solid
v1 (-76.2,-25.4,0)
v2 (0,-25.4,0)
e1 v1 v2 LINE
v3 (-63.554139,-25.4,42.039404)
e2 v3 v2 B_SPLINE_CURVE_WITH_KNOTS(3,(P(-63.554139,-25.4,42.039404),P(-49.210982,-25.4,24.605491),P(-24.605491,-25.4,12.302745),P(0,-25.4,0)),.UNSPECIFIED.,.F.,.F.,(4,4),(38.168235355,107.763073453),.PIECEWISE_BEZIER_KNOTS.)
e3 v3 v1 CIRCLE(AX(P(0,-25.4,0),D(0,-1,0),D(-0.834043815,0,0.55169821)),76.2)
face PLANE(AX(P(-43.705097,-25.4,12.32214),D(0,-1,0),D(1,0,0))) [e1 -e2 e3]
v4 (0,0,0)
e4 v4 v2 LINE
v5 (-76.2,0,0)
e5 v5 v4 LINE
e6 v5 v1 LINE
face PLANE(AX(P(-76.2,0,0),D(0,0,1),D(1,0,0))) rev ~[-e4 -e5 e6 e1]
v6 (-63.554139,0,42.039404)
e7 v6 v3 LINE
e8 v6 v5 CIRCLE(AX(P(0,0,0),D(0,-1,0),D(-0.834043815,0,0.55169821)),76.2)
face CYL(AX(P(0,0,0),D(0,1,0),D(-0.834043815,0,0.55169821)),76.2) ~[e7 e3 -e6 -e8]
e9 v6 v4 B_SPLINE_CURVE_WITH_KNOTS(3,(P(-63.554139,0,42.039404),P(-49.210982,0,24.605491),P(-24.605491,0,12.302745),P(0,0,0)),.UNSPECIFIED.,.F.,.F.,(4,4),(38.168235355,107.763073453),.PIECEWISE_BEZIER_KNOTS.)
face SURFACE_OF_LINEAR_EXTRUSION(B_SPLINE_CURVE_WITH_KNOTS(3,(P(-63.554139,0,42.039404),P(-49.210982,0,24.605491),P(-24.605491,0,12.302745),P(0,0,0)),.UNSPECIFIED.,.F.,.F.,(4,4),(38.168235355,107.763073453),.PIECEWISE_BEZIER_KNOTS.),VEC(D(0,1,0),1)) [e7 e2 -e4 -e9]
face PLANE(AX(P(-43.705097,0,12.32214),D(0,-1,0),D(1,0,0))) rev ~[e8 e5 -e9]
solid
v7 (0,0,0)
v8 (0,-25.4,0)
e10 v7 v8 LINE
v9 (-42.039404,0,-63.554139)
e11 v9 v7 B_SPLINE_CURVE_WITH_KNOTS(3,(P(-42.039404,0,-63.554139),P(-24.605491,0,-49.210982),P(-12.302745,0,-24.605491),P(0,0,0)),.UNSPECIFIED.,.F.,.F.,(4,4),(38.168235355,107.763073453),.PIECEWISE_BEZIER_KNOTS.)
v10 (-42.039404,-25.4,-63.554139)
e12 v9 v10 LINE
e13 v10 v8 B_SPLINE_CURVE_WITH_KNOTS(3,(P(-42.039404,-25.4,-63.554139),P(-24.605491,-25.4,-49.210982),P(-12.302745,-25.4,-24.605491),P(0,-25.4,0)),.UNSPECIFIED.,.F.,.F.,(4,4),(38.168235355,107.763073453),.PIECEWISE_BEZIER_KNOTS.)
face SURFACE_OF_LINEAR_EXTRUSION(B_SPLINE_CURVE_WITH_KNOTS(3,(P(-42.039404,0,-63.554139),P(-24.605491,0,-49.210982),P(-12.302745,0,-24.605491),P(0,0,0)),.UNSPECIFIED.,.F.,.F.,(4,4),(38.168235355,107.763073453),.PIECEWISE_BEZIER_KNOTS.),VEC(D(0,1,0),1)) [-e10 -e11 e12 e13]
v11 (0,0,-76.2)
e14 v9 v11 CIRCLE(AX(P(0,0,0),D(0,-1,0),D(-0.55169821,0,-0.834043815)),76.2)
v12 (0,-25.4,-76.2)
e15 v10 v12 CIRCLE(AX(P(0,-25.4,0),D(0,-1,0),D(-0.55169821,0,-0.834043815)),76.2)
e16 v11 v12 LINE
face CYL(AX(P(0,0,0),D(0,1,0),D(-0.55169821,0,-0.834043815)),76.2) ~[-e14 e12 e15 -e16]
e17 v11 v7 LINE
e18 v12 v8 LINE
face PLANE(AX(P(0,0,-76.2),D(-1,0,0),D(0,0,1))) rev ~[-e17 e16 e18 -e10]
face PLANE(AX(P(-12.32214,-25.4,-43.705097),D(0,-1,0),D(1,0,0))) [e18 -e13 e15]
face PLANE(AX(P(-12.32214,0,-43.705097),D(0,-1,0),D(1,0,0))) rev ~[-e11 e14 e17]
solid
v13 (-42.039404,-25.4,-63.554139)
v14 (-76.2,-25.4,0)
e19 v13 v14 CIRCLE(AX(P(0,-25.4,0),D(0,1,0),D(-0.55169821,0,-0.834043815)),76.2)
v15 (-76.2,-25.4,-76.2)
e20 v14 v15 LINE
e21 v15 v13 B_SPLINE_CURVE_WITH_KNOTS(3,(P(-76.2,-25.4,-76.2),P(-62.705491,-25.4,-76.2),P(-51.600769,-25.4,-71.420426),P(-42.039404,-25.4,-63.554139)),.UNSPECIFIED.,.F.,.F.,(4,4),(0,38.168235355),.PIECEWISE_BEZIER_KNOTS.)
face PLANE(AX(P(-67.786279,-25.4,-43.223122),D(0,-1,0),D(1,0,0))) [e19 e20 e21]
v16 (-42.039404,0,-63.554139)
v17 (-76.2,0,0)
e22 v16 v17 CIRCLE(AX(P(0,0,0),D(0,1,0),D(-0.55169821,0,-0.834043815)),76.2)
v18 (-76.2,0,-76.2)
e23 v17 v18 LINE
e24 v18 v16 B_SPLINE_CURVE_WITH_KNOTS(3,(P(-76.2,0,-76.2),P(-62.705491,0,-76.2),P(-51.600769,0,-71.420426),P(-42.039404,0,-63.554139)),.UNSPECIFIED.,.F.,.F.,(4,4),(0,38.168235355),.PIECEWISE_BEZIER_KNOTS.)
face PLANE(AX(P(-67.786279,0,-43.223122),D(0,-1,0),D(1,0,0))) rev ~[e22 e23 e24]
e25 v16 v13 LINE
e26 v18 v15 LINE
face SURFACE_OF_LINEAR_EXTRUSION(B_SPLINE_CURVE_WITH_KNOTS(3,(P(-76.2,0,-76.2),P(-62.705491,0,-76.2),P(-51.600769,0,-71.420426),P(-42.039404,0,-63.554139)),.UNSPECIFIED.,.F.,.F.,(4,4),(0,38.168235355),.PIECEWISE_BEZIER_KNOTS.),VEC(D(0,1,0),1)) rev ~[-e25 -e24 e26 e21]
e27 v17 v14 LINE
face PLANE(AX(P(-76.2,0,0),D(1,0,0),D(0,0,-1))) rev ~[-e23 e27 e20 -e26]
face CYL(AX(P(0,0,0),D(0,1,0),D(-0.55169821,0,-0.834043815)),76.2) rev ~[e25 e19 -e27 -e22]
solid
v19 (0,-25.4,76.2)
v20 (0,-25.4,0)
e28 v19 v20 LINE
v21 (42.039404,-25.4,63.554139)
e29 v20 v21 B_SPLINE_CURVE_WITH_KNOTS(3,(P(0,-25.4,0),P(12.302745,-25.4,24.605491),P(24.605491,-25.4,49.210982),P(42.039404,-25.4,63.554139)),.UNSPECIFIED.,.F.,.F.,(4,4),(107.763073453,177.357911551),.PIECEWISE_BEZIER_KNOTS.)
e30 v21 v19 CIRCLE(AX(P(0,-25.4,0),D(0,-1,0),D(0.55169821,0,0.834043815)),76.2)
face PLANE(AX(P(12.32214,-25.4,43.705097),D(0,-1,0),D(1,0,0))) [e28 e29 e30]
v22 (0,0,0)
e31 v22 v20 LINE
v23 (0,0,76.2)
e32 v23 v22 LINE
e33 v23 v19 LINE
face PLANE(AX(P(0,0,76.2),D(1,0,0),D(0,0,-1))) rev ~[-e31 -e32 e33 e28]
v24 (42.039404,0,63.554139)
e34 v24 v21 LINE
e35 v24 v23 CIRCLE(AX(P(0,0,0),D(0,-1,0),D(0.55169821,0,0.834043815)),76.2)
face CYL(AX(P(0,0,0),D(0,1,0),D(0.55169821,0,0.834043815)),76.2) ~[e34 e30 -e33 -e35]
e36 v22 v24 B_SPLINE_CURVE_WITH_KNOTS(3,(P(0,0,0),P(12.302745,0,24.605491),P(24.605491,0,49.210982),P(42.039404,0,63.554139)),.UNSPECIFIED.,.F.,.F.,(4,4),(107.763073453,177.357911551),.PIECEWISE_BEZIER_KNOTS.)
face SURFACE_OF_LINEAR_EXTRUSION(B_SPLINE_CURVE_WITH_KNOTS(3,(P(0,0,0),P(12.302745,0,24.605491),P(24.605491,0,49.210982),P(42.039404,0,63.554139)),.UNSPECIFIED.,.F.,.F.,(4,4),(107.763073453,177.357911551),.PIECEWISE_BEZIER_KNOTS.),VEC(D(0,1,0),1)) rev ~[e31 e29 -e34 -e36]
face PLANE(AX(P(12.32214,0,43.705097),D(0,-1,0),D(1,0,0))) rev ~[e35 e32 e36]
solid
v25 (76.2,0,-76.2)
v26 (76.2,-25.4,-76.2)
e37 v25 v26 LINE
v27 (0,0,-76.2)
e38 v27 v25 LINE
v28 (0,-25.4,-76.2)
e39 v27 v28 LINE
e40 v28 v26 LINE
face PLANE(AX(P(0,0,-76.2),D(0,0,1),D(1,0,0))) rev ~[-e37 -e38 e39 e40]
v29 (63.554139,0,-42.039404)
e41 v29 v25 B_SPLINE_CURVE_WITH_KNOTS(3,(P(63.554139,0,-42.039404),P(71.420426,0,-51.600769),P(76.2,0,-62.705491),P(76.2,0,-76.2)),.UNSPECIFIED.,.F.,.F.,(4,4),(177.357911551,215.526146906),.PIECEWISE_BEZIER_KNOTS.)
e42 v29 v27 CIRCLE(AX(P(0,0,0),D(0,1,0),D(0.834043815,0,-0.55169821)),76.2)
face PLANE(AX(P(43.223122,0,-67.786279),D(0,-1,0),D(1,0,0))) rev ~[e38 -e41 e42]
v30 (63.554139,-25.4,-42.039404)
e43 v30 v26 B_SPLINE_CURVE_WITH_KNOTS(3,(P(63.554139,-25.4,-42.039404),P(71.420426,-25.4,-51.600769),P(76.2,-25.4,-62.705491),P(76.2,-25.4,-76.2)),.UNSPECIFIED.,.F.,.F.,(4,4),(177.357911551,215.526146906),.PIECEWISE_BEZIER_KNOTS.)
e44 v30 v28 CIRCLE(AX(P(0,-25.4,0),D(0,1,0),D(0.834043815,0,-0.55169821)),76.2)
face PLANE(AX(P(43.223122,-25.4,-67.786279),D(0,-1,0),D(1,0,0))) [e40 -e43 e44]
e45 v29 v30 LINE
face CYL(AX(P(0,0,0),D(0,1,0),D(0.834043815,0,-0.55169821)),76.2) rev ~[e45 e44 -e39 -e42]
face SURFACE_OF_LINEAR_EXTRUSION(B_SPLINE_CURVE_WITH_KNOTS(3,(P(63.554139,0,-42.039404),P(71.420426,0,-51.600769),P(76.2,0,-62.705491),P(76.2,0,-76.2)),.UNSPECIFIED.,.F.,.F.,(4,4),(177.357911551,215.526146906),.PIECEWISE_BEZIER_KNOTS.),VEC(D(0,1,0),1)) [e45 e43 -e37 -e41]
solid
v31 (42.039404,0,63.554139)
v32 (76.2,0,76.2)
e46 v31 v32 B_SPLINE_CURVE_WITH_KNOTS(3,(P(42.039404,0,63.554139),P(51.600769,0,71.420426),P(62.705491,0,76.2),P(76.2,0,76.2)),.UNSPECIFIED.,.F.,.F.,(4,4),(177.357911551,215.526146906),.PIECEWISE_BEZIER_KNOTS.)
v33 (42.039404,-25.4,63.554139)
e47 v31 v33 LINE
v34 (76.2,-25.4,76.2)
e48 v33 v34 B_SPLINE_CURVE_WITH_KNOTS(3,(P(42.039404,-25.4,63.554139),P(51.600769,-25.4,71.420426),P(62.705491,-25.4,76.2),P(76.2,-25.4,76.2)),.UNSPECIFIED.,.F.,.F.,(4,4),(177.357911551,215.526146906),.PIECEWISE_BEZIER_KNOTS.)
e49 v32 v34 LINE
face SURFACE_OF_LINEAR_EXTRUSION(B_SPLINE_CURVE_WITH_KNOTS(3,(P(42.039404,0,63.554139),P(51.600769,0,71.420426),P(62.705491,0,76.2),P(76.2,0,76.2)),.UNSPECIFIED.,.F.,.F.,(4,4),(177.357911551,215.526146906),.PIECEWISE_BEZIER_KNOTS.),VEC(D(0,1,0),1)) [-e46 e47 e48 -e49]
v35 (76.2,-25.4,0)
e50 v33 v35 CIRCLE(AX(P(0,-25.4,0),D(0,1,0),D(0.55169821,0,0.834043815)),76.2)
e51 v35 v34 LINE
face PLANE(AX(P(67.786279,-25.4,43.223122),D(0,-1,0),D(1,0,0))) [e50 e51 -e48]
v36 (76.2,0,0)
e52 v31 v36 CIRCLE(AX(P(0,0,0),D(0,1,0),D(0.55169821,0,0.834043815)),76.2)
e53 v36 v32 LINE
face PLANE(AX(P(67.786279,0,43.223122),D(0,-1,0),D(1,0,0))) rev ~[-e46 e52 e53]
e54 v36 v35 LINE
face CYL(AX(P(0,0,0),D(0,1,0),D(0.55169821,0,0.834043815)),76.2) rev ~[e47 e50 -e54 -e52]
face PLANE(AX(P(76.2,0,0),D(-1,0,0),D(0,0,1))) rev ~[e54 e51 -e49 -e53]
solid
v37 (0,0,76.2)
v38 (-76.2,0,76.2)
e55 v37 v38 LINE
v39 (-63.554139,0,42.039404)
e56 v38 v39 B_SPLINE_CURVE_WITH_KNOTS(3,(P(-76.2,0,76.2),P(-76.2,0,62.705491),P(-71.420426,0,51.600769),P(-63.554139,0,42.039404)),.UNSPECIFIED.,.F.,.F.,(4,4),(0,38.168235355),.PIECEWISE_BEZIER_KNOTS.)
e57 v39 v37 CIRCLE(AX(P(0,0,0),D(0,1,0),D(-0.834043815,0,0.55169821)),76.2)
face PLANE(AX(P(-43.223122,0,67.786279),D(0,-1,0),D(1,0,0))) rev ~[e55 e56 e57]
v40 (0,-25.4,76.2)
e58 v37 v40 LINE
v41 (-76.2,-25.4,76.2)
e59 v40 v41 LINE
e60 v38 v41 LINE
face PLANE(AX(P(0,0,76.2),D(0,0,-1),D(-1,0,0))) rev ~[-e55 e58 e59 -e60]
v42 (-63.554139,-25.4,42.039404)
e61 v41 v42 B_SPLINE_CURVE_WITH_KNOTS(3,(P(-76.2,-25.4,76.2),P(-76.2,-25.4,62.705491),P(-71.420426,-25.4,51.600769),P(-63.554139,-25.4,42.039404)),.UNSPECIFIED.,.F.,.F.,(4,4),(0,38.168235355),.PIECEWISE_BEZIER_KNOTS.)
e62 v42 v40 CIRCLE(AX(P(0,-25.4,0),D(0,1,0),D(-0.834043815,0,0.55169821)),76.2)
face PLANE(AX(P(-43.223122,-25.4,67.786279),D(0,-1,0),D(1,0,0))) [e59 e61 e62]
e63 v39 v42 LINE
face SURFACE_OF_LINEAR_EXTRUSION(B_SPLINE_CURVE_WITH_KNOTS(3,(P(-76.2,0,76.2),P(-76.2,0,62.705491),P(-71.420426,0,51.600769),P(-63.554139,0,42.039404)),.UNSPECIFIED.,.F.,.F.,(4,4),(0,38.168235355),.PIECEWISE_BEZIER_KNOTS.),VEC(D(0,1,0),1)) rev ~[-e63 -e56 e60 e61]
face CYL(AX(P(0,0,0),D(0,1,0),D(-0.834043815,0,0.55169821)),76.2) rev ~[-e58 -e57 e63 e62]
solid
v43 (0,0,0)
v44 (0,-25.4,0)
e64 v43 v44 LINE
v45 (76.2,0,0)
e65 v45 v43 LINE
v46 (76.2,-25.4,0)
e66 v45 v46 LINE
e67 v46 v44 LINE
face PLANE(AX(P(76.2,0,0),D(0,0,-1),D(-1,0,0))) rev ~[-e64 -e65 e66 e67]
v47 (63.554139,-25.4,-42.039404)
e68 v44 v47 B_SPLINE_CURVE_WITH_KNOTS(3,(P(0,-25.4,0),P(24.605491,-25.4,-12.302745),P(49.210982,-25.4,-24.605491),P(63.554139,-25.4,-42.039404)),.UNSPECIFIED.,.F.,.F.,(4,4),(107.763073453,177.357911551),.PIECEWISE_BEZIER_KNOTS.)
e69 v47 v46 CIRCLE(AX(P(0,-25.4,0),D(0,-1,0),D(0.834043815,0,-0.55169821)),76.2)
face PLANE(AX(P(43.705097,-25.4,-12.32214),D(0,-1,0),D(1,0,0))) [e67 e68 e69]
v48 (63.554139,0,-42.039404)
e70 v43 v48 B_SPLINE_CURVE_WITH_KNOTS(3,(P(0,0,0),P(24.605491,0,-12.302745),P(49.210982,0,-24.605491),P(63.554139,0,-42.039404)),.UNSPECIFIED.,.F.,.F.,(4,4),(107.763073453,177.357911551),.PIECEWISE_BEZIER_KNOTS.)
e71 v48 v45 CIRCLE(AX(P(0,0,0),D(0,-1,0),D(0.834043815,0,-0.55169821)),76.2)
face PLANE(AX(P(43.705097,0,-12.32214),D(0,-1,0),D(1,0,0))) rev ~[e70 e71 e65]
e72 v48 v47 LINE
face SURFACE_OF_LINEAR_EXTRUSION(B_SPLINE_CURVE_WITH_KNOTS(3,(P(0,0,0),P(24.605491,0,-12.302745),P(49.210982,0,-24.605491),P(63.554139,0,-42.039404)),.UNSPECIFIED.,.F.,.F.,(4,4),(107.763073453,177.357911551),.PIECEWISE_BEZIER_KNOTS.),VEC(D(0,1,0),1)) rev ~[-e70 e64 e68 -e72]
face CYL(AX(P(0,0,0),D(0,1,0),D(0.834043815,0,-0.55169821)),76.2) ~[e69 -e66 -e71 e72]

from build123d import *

# Parameters (mm, degrees)
F1_DEPTH = 25.4


with BuildPart() as f1:
    # F0 (on Front) → F1 (new body)
    with BuildSketch(Plane.XZ):
        with BuildLine():
            ThreePointArc((63.5541387067, -42.0394035787), (36.0765675148, -67.1187103299), (0, -76.2))
            Line((0, -76.2), (76.2, -76.2))
            add(Edge.make_bspline(
                [(63.5541387067, -42.0394035787), (71.4204258855, -51.6007690119), (76.2, -62.7054909773), (76.2, -76.2)],
                knots=[177.3579115508, 177.3579115508, 177.3579115508, 177.3579115508, 215.5261469057, 215.5261469057, 215.5261469057, 215.5261469057], degree=3))
        make_face()
    extrude(amount=F1_DEPTH)


with BuildPart() as f1b:
    # F0 (on Front) → F1, piece 2 (new body)
    with BuildSketch(Plane.XZ):
        with BuildLine():
            Line((0, 76.2), (-76.2, 76.2))
            add(Edge.make_bspline(
                [(-76.2, 76.2), (-76.2, 62.7054909773), (-71.4204258855, 51.6007690119), (-63.5541387067, 42.0394035787)],
                knots=[0, 0, 0, 0, 38.1682353548, 38.1682353548, 38.1682353548, 38.1682353548], degree=3))
            ThreePointArc((-63.5541387067, 42.0394035787), (-36.0765675148, 67.1187103299), (0, 76.2))
        make_face()
    extrude(amount=F1_DEPTH)


with BuildPart() as f1c:
    # F0 (on Front) → F1, piece 3 (new body)
    with BuildSketch(Plane.XZ):
        with BuildLine():
            Line((-76.2, 0), (-76.2, -76.2))
            add(Edge.make_bspline(
                [(-76.2, -76.2), (-62.7054909773, -76.2), (-51.6007690119, -71.4204258855), (-42.0394035787, -63.5541387067)],
                knots=[0, 0, 0, 0, 38.1682353548, 38.1682353548, 38.1682353548, 38.1682353548], degree=3))
            ThreePointArc((-42.0394035787, -63.5541387067), (-67.1187103299, -36.0765675148), (-76.2, 0))
        make_face()
    extrude(amount=F1_DEPTH)


with BuildPart() as f1d:
    # F0 (on Front) → F1, piece 4 (new body)
    with BuildSketch(Plane.XZ):
        with BuildLine():
            ThreePointArc((42.0394035787, 63.5541387067), (67.1187103299, 36.0765675148), (76.2, 0))
            Line((76.2, 0), (76.2, 76.2))
            add(Edge.make_bspline(
                [(42.0394035787, 63.5541387067), (51.6007690119, 71.4204258855), (62.7054909773, 76.2), (76.2, 76.2)],
                knots=[177.3579115508, 177.3579115508, 177.3579115508, 177.3579115508, 215.5261469057, 215.5261469057, 215.5261469057, 215.5261469057], degree=3))
        make_face()
    extrude(amount=F1_DEPTH)


with BuildPart() as f1e:
    # F0 (on Front) → F1, piece 5 (new body)
    with BuildSketch(Plane.XZ):
        with BuildLine():
            ThreePointArc((-42.0394035787, -63.5541387067), (-21.9501096871, -72.9700807504), (0, -76.2))
            Line((0, -76.2), (0, 0))
            add(Edge.make_bspline(
                [(-42.0394035787, -63.5541387067), (-24.6054909773, -49.2109819547), (-12.3027454887, -24.6054909773), (0, 0)],
                knots=[38.1682353548, 38.1682353548, 38.1682353548, 38.1682353548, 107.7630734528, 107.7630734528, 107.7630734528, 107.7630734528], degree=3))
        make_face()
    extrude(amount=F1_DEPTH)


with BuildPart() as f1f:
    # F0 (on Front) → F1, piece 6 (new body)
    with BuildSketch(Plane.XZ):
        with BuildLine():
            Line((0, 76.2), (0, 0))
            add(Edge.make_bspline(
                [(0, 0), (12.3027454887, 24.6054909773), (24.6054909773, 49.2109819547), (42.0394035787, 63.5541387067)],
                knots=[107.7630734528, 107.7630734528, 107.7630734528, 107.7630734528, 177.3579115508, 177.3579115508, 177.3579115508, 177.3579115508], degree=3))
            ThreePointArc((42.0394035787, 63.5541387067), (21.9501096871, 72.9700807504), (0, 76.2))
        make_face()
    extrude(amount=F1_DEPTH)


with BuildPart() as f1g:
    # F0 (on Front) → F1, piece 7 (new body)
    with BuildSketch(Plane.XZ):
        with BuildLine():
            ThreePointArc((-63.5541387067, 42.0394035787), (-72.9700807504, 21.9501096871), (-76.2, 0))
            Line((-76.2, 0), (0, 0))
            add(Edge.make_bspline(
                [(-63.5541387067, 42.0394035787), (-49.2109819547, 24.6054909773), (-24.6054909773, 12.3027454887), (0, 0)],
                knots=[38.1682353548, 38.1682353548, 38.1682353548, 38.1682353548, 107.7630734528, 107.7630734528, 107.7630734528, 107.7630734528], degree=3))
        make_face()
    extrude(amount=F1_DEPTH)


with BuildPart() as f1h:
    # F0 (on Front) → F1, piece 8 (new body)
    with BuildSketch(Plane.XZ):
        with BuildLine():
            add(Edge.make_bspline(
                [(0, 0), (24.6054909773, -12.3027454887), (49.2109819547, -24.6054909773), (63.5541387067, -42.0394035787)],
                knots=[107.7630734528, 107.7630734528, 107.7630734528, 107.7630734528, 177.3579115508, 177.3579115508, 177.3579115508, 177.3579115508], degree=3))
            ThreePointArc((63.5541387067, -42.0394035787), (72.9700807504, -21.9501096871), (76.2, 0))
            Line((76.2, 0), (0, 0))
        make_face()
    extrude(amount=F1_DEPTH)


solid = Compound([f1.part, f1b.part, f1c.part, f1d.part, f1e.part, f1f.part, f1g.part, f1h.part])
